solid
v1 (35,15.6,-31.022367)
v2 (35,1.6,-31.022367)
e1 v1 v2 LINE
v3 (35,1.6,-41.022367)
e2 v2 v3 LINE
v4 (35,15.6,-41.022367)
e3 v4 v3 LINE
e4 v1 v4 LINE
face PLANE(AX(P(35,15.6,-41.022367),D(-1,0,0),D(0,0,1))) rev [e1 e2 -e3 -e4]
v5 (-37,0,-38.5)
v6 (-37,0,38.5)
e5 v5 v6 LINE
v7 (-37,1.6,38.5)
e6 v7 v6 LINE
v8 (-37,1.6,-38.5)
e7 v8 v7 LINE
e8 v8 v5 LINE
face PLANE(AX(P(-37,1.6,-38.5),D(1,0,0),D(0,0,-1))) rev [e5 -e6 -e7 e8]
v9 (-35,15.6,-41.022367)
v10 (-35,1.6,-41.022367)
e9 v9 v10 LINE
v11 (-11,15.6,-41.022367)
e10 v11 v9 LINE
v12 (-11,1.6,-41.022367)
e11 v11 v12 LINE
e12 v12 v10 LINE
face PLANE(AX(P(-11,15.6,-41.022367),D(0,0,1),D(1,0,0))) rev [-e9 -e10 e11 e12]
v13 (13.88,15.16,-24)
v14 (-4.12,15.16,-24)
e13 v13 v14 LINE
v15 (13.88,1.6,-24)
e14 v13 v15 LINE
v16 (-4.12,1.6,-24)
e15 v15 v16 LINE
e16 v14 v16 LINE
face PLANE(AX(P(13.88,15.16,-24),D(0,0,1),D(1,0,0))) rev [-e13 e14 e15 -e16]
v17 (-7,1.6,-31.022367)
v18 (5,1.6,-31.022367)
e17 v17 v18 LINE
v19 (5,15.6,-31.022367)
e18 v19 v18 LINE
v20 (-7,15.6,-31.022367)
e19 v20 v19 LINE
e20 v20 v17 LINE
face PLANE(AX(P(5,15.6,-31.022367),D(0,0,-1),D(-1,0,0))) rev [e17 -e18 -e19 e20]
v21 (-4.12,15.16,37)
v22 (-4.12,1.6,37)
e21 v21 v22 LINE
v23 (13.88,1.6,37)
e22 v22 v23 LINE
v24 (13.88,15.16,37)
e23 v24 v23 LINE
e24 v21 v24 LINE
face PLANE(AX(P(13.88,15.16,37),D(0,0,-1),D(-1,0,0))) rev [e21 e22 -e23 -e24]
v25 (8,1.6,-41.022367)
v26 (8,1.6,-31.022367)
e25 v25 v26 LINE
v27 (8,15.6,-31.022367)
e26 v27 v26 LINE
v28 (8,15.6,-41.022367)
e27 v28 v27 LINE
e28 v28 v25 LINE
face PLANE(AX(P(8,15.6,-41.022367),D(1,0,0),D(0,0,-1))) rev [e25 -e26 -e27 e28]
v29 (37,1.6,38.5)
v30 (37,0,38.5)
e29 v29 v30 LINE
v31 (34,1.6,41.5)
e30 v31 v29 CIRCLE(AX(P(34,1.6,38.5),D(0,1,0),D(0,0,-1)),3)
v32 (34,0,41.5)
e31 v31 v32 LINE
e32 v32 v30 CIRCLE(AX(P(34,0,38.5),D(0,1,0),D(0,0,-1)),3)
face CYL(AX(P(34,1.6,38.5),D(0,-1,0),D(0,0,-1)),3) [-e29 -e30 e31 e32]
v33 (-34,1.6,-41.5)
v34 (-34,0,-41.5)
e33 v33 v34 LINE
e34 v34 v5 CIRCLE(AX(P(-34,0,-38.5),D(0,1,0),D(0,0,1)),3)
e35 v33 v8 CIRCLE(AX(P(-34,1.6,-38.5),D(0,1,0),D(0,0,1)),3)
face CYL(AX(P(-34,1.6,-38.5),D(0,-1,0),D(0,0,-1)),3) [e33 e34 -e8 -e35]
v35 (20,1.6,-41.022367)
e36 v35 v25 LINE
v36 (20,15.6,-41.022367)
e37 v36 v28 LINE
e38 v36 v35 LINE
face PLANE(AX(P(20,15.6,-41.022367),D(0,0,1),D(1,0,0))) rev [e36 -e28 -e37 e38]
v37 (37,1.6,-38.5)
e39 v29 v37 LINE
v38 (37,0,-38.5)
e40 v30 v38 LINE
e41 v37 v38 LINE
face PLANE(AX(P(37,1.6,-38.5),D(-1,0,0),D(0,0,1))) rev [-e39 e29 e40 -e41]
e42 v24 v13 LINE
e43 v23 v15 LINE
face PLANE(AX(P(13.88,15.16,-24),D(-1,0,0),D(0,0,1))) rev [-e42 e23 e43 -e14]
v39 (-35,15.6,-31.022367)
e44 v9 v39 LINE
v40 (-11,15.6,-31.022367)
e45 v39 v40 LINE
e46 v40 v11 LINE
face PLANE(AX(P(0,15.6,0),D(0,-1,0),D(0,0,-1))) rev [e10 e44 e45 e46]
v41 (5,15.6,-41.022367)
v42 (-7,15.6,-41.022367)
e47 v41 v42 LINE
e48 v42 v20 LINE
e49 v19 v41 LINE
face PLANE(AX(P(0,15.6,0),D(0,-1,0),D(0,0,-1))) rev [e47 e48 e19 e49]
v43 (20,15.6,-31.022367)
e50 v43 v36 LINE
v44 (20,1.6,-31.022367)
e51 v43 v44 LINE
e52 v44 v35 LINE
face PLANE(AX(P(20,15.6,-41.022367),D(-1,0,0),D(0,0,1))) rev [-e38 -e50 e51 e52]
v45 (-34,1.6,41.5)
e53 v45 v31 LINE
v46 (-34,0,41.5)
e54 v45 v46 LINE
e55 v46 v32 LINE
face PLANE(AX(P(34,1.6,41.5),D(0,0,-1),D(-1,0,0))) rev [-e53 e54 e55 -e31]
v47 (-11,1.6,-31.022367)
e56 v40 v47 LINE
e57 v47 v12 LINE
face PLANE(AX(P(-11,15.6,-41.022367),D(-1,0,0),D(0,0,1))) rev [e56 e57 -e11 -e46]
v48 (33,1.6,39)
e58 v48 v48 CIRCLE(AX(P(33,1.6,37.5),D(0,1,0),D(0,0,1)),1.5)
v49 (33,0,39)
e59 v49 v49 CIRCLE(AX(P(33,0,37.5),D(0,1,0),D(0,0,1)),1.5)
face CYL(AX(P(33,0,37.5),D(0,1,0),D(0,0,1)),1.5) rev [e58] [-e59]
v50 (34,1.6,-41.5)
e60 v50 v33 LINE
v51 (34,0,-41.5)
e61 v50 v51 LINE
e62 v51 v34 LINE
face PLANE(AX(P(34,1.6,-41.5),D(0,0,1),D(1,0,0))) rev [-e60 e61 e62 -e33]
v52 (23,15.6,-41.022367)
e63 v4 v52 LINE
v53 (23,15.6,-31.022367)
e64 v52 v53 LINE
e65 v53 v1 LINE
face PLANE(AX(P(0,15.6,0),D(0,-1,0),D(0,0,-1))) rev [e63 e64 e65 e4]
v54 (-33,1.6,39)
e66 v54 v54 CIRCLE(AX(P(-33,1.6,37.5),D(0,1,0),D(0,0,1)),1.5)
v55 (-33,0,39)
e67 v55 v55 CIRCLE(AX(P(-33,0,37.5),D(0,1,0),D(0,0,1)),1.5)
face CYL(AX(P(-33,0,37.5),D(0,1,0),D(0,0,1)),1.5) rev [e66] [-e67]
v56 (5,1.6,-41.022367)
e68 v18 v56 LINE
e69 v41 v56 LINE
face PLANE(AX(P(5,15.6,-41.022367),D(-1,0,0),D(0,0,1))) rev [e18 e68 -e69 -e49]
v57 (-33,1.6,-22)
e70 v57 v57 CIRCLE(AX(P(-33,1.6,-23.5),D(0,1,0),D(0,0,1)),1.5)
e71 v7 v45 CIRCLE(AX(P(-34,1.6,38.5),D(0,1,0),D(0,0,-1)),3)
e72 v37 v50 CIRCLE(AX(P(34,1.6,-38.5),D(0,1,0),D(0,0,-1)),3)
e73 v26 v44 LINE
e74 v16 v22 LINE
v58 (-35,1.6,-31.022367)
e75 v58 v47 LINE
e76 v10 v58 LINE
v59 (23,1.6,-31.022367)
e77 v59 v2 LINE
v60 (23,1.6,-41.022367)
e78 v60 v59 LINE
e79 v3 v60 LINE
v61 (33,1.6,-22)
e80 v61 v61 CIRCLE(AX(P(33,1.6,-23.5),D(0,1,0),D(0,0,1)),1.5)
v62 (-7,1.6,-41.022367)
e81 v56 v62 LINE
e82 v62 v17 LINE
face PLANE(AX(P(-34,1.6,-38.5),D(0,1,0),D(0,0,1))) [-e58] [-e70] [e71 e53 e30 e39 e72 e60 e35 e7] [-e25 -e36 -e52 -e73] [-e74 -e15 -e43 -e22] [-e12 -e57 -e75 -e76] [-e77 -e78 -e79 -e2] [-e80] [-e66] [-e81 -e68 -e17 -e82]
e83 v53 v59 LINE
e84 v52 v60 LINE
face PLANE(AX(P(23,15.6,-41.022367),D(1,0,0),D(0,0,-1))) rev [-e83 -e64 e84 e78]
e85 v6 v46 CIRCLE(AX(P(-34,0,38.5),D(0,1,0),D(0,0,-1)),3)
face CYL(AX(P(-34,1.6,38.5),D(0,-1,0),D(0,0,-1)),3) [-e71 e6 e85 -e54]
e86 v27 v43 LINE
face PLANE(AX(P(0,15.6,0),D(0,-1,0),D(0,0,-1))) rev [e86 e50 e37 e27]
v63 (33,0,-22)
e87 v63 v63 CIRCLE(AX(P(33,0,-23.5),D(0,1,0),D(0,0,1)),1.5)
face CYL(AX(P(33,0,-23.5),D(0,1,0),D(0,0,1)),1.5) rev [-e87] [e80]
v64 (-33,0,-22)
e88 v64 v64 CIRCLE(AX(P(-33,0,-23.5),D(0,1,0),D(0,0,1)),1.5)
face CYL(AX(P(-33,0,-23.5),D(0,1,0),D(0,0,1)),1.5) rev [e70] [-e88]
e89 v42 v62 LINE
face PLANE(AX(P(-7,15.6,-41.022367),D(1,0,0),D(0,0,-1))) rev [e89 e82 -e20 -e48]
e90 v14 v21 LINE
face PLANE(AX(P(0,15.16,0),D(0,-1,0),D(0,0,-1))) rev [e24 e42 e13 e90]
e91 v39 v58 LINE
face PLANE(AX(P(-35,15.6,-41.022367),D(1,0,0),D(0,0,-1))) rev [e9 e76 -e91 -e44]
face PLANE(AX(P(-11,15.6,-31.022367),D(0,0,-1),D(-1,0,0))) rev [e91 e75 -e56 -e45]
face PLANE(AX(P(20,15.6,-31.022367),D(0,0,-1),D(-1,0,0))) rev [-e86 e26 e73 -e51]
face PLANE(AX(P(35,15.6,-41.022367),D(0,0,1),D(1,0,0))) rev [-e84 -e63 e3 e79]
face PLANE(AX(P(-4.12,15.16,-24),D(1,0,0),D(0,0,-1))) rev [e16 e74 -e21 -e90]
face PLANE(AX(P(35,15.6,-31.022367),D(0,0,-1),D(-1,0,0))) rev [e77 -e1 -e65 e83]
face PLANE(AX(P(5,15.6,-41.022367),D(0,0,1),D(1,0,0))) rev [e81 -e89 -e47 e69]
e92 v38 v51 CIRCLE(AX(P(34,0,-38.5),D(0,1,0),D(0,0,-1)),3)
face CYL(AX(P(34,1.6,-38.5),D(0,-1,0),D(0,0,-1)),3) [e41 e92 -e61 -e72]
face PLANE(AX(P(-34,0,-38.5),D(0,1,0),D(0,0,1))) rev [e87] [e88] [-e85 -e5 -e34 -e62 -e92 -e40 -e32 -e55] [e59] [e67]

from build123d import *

# Parameters (mm, degrees)
BOSS_EXTRUDE1_DEPTH     = 1.6
CUT_EXTRUDE1_DEPTH      = 56.62202801
CUT_EXTRUDE1_DEPTH_BACK = 56.62202801
SKETCH3_R               = 1.5
SKETCH4_W               = 24
SKETCH4_H               = 10
SKETCH4_W_2             = 12
BOSS_EXTRUDE2_DEPTH     = 14
SKETCH5_W               = 18
SKETCH5_H               = 61
BOSS_EXTRUDE3_DEPTH     = 13.56


with BuildPart() as part:
    # Sketch2 → Boss-Extrude1 (new body)
    with BuildSketch(Plane(origin=(0, 0, 0), x_dir=(1, 0, 0), z_dir=(0, 1, 0))):
        with BuildLine():
            Line((34, 41.5), (-34, 41.5))
            ThreePointArc((-34, 41.5), (-36.121320344, 40.621320344), (-37, 38.5))
            Line((-37, 38.5), (-37, -38.5))
            ThreePointArc((-37, -38.5), (-36.121320344, -40.621320344), (-34, -41.5))
            Line((-34, -41.5), (34, -41.5))
            ThreePointArc((34, -41.5), (36.121320344, -40.621320344), (37, -38.5))
            Line((37, -38.5), (37, 38.5))
            ThreePointArc((37, 38.5), (36.121320344, 40.621320344), (34, 41.5))
        make_face()
    extrude(amount=BOSS_EXTRUDE1_DEPTH)

    # Sketch3 → Cut-Extrude1 (cut, two sides: drawn at the far end of the back side and taken through both)
    with BuildSketch(Plane(origin=(0, 1.6, 0), x_dir=(1, 0, 0), z_dir=(0, 1, 0)).offset(-CUT_EXTRUDE1_DEPTH_BACK)):
        with Locations(Location((-33, 23.5, 0), (0, 0, 270))):
            Circle(SKETCH3_R)
        with Locations(Location((33, 23.5, 0), (0, 0, 270))):
            Circle(SKETCH3_R)
        with Locations(Location((-33, -37.5, 0), (0, 0, 270))):
            Circle(SKETCH3_R)
        with Locations(Location((33, -37.5, 0), (0, 0, 270))):
            Circle(SKETCH3_R)
    extrude(amount=CUT_EXTRUDE1_DEPTH + CUT_EXTRUDE1_DEPTH_BACK, mode=Mode.SUBTRACT)

    # Sketch4 → Boss-Extrude2 (add)
    with BuildSketch(Plane(origin=(0, 1.6, 0), x_dir=(1, 0, 0), z_dir=(0, 1, 0))):
        with Locations((-23, 36.022367187)):
            Rectangle(SKETCH4_W, SKETCH4_H)
        with Locations((-1, 36.022367187)):
            Rectangle(SKETCH4_W_2, SKETCH4_H)
        with Locations((14, 36.022367187)):
            Rectangle(SKETCH4_W_2, SKETCH4_H)
        with Locations((29, 36.022367187)):
            Rectangle(SKETCH4_W_2, SKETCH4_H)
    extrude(amount=BOSS_EXTRUDE2_DEPTH)

    # Sketch5 → Boss-Extrude3 (add)
    with BuildSketch(Plane(origin=(0, 1.6, 0), x_dir=(1, 0, 0), z_dir=(0, 1, 0))):
        with Locations((4.88, -6.5)):
            Rectangle(SKETCH5_W, SKETCH5_H)
    extrude(amount=BOSS_EXTRUDE3_DEPTH)


solid = part.part
